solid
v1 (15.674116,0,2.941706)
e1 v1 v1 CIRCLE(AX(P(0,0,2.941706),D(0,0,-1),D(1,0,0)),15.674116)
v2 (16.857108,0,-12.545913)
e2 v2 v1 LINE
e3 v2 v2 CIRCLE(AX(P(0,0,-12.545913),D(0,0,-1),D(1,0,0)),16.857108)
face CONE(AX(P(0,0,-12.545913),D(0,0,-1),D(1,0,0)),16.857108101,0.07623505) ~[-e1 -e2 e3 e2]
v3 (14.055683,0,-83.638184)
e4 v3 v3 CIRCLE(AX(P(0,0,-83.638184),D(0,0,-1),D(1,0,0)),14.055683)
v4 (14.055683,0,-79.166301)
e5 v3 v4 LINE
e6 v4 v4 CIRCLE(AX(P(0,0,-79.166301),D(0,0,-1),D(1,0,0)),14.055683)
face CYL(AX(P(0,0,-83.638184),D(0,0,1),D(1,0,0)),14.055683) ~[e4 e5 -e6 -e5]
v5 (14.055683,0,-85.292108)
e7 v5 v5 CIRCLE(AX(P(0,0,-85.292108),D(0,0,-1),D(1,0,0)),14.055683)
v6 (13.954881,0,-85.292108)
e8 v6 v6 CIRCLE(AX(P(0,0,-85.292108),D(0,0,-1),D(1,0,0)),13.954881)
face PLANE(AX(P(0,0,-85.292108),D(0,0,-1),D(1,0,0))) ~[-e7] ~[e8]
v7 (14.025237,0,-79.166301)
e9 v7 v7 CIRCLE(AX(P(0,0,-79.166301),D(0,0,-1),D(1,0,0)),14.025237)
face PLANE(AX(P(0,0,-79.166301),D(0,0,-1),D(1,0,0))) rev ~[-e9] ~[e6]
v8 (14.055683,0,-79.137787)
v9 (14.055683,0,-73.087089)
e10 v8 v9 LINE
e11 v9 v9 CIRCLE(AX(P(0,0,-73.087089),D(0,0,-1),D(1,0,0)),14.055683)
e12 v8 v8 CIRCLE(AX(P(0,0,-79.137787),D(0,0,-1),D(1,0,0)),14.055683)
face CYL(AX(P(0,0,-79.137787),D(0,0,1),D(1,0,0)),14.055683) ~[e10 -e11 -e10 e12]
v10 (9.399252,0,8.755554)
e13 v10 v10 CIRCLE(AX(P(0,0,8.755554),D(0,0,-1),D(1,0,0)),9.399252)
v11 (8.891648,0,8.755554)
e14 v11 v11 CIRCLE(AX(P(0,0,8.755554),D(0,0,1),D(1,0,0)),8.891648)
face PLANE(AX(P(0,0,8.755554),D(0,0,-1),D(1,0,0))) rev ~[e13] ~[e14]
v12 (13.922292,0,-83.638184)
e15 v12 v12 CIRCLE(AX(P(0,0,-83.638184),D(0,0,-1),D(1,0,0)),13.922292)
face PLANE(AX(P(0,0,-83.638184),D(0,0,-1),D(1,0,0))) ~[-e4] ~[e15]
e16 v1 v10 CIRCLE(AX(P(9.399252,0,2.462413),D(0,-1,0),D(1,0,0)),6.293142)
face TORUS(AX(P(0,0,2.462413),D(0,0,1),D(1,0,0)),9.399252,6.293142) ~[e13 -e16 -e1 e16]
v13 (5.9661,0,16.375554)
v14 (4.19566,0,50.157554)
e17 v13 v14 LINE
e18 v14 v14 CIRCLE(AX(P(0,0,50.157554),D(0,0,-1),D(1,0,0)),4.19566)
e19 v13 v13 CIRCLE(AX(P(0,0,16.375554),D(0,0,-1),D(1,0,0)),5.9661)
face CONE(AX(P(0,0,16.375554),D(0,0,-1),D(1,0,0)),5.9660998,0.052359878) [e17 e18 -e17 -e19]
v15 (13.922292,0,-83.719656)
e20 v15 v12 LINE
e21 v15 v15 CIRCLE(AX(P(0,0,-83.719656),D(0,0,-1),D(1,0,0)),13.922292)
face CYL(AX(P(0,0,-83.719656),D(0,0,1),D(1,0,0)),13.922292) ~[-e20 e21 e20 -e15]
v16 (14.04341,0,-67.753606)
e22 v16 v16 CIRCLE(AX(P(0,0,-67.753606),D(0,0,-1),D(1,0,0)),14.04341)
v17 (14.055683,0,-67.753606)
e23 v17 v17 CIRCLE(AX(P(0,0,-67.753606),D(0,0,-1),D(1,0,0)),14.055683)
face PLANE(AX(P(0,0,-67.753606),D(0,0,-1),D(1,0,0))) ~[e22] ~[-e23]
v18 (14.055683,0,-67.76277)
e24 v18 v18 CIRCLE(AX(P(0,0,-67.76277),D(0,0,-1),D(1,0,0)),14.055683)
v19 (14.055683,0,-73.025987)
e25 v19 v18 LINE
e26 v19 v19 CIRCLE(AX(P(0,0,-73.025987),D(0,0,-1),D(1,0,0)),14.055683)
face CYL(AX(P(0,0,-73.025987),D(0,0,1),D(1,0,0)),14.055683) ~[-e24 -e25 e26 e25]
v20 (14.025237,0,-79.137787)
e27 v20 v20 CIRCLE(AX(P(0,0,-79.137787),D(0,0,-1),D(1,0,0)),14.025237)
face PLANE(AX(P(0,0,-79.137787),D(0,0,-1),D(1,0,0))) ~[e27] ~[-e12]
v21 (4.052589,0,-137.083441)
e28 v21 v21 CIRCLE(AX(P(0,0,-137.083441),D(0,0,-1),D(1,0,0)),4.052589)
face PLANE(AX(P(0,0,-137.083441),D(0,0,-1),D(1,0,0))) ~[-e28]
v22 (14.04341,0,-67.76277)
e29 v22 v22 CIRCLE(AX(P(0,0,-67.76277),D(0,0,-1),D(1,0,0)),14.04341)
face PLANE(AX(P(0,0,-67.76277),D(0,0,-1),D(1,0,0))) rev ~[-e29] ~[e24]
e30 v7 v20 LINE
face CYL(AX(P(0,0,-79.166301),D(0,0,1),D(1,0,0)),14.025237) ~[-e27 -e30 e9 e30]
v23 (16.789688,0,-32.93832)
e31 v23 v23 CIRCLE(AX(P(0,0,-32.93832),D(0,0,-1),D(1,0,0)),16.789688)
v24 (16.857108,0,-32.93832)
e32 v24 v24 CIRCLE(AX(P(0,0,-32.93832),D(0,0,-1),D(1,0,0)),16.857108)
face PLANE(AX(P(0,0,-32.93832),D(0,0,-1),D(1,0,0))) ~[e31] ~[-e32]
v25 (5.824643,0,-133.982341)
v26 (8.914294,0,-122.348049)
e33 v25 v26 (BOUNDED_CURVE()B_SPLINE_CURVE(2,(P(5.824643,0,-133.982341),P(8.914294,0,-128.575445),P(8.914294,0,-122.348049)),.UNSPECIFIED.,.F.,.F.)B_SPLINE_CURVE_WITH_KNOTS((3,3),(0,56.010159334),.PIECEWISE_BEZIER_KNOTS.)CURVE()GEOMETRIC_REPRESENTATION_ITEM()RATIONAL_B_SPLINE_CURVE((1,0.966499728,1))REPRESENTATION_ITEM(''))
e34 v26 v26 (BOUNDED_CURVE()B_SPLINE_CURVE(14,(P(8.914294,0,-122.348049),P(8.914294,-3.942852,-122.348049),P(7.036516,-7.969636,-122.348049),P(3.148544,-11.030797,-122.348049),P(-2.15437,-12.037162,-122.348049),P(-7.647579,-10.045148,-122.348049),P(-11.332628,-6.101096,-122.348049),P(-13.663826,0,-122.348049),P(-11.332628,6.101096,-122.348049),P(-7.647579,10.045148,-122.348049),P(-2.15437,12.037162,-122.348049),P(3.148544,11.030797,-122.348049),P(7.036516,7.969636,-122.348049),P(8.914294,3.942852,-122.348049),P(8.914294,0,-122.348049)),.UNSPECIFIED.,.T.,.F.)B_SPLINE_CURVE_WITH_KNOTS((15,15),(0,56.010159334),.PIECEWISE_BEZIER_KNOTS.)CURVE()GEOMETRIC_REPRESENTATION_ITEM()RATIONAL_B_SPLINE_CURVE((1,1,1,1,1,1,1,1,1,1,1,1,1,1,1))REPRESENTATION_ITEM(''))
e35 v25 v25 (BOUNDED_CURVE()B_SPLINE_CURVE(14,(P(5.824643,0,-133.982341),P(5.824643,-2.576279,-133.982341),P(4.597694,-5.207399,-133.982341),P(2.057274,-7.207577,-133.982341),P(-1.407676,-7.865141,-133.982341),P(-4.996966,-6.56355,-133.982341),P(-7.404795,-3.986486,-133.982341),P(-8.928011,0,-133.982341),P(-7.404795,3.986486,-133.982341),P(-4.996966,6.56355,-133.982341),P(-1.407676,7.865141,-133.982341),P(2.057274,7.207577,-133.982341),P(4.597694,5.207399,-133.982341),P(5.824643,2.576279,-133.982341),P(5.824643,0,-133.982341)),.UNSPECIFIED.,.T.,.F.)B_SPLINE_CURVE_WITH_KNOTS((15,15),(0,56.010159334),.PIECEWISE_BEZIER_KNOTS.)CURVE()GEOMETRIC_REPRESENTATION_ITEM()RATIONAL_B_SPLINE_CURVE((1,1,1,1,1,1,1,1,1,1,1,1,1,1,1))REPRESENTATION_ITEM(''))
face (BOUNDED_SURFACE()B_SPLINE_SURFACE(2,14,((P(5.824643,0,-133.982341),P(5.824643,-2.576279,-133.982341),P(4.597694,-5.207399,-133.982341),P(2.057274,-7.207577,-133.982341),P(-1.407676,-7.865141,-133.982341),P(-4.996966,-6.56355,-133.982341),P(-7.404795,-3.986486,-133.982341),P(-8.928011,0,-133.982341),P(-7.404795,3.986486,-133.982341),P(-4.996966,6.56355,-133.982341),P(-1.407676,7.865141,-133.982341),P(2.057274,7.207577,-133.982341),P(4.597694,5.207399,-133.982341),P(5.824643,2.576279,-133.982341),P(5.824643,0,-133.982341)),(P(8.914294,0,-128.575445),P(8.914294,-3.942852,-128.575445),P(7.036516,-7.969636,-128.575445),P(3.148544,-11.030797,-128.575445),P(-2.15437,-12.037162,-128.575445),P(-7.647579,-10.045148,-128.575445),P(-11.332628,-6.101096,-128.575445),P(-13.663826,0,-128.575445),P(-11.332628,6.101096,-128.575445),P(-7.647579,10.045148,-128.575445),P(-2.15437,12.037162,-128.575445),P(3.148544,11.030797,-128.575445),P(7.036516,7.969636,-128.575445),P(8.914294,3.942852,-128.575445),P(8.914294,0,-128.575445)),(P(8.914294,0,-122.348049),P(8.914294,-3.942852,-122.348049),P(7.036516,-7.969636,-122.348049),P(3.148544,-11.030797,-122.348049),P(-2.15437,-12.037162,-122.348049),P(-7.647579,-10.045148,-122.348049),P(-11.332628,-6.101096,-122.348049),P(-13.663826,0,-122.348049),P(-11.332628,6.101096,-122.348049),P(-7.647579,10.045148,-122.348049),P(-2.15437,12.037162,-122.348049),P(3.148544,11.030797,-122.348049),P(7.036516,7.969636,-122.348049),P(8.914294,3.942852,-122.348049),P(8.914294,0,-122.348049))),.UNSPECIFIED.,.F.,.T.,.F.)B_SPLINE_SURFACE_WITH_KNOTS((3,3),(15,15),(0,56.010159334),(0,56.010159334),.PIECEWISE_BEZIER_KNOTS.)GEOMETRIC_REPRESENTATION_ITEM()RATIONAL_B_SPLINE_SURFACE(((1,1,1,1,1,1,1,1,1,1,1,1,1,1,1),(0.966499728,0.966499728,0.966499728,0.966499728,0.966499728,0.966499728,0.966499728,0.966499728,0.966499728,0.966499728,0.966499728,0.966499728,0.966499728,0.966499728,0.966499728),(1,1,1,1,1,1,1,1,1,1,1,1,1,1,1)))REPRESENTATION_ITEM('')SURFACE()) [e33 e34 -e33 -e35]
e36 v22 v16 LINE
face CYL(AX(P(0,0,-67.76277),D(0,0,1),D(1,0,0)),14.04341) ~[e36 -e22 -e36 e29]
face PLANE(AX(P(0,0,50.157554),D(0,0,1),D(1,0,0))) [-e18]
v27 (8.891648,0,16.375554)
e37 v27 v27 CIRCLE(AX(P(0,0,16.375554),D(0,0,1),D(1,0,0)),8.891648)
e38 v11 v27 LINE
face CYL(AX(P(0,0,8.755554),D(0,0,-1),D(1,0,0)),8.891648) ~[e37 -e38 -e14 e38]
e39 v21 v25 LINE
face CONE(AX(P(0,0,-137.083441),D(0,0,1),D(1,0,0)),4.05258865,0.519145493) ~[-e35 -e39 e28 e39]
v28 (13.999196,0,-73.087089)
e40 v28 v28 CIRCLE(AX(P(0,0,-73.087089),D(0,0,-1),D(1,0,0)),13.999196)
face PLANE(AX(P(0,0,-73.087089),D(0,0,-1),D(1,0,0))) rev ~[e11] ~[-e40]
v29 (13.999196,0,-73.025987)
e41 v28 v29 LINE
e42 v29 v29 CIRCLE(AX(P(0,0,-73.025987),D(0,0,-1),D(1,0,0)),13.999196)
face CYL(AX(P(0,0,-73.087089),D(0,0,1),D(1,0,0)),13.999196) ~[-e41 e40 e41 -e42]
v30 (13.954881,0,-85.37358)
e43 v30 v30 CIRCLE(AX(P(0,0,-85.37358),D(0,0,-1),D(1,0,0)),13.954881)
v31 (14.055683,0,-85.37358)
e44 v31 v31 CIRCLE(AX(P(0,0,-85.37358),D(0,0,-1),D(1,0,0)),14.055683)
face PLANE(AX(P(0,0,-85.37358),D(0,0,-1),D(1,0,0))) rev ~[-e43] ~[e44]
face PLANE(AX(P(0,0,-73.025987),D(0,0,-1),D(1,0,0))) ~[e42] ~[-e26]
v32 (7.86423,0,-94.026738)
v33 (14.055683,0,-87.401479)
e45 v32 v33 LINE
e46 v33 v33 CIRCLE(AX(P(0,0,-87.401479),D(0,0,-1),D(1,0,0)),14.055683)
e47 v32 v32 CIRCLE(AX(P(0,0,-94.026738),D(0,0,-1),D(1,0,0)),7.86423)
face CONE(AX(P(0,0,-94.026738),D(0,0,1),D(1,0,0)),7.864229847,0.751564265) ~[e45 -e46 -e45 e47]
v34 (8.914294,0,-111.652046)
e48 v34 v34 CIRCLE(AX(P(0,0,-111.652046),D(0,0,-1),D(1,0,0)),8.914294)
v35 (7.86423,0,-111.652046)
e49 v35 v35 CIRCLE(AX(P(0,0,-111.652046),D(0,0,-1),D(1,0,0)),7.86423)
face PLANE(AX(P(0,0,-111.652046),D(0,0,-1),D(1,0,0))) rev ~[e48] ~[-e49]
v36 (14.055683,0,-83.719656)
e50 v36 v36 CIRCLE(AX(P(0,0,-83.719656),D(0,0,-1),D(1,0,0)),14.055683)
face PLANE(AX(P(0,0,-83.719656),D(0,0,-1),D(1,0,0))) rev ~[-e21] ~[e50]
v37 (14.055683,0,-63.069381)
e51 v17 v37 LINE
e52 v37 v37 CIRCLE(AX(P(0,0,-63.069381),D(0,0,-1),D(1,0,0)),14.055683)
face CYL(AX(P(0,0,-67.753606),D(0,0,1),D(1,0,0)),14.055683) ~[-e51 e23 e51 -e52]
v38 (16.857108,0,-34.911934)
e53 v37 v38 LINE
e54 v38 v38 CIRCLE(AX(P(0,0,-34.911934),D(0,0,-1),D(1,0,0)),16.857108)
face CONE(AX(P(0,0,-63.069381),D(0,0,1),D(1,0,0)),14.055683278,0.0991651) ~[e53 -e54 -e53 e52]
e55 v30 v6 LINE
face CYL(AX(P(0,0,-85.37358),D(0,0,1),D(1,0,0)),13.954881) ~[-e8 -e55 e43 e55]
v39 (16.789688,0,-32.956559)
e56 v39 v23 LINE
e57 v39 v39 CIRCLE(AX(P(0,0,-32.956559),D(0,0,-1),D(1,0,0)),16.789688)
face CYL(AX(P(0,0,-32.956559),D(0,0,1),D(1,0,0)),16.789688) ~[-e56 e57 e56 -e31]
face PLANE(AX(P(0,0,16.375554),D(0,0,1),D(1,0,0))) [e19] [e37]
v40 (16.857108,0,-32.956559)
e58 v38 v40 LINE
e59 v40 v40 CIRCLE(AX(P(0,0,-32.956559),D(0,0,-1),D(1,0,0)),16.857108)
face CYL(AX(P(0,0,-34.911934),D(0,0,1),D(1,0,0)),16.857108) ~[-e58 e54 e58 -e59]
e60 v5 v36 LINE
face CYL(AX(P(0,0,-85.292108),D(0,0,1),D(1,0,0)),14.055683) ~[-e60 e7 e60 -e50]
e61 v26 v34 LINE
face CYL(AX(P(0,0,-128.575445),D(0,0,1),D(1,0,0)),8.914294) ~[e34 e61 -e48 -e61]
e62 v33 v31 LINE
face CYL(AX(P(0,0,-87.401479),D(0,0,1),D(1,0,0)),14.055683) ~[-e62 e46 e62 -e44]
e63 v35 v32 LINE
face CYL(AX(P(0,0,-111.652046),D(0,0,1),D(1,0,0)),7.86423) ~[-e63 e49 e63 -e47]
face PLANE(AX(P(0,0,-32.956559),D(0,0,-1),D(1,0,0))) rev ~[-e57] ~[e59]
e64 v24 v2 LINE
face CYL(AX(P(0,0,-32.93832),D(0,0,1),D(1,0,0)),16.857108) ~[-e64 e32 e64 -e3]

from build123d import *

# Parameters (mm, degrees)
F2_R     = 8.8916479932
F3_DEPTH = 7.62
F4_R     = 5.9660997996
F5_DEPTH = 33.782
F5_TAPER = 3
F6_R     = 23.449689891
F7_R     = 2.6928021488
F8_DEPTH = 6.1976
F9_R     = 6.2931418715


with BuildPart() as f1:
    # F0 (on Front) → F1 (revolve)
    with BuildSketch(Plane.XZ):
        Polygon((0, 8.7555544451), (0, -137.0834410191), (4.0525886504, -137.0834410191), (8.9142937213, -128.5754448824), (8.9142937213, -111.652046442), (7.8642298467, -111.652046442), (7.8642298467, -94.0267377846), (14.0556832775, -87.4014794827), (14.0556832775, -85.3735804558), (13.9548806474, -85.3735804558), (13.9548806474, -85.292108357), (14.0556832775, -85.292108357), (14.0556832775, -83.7196558714), (13.9222918078, -83.7196558714), (13.9222918078, -83.6381837726), (14.0556832775, -83.6381837726), (14.0556832775, -79.1663005948), (14.0252374113, -79.1663005948), (14.0252374113, -79.1377872229), (14.0556832775, -79.1377872229), (14.0556832775, -73.0870887637), (13.9991957694, -73.0870887637), (13.9991957694, -73.0259865522), (14.0556832775, -73.0259865522), (14.0556832775, -67.7627697587), (14.0434103087, -67.7627697587), (14.0434103087, -67.7536055446), (14.0556832775, -67.7536055446), (14.0556832775, -63.0693808198), (16.8571081012, -34.9119342864), (16.8571081012, -32.956559211), (16.7896877974, -32.956559211), (16.7896877974, -32.9383201897), (16.8571081012, -32.9383201897), (16.8571081012, -12.5459134579), (15.2300363407, 8.7555544451), align=None)
    revolve(axis=Axis((0, 0, -64.163943287), (0, 0, -1)))

    # F2 (on face) → F3 (join)
    with BuildSketch(Plane.XY.offset(8.7555544451)):
        Circle(F2_R)
    extrude(amount=F3_DEPTH)

    # F4 (on face) → F5 (join)
    with BuildSketch(Plane.XY.offset(16.3755544451)):
        Circle(F4_R)
    extrude(amount=F5_DEPTH, taper=F5_TAPER)

    # F6
    f6_edges = [f1.edges().sort_by_distance(p)[0] for p in [
        (-8.914294, 0, -128.575445),
    ]]
    fillet(f6_edges, radius=F6_R)

    # F7 (on face) → F8 (join)
    with BuildSketch(Plane(origin=(0, 0, -137.0834410191), x_dir=(1, 0, 0), z_dir=(0, 0, -1))):
        Circle(F7_R)
    extrude(amount=-F8_DEPTH)

    # F9
    f9_edges = [f1.edges().sort_by_distance(p)[0] for p in [
        (-15.230036, 0, 8.755554),
    ]]
    fillet(f9_edges, radius=F9_R)


solid = f1.part
